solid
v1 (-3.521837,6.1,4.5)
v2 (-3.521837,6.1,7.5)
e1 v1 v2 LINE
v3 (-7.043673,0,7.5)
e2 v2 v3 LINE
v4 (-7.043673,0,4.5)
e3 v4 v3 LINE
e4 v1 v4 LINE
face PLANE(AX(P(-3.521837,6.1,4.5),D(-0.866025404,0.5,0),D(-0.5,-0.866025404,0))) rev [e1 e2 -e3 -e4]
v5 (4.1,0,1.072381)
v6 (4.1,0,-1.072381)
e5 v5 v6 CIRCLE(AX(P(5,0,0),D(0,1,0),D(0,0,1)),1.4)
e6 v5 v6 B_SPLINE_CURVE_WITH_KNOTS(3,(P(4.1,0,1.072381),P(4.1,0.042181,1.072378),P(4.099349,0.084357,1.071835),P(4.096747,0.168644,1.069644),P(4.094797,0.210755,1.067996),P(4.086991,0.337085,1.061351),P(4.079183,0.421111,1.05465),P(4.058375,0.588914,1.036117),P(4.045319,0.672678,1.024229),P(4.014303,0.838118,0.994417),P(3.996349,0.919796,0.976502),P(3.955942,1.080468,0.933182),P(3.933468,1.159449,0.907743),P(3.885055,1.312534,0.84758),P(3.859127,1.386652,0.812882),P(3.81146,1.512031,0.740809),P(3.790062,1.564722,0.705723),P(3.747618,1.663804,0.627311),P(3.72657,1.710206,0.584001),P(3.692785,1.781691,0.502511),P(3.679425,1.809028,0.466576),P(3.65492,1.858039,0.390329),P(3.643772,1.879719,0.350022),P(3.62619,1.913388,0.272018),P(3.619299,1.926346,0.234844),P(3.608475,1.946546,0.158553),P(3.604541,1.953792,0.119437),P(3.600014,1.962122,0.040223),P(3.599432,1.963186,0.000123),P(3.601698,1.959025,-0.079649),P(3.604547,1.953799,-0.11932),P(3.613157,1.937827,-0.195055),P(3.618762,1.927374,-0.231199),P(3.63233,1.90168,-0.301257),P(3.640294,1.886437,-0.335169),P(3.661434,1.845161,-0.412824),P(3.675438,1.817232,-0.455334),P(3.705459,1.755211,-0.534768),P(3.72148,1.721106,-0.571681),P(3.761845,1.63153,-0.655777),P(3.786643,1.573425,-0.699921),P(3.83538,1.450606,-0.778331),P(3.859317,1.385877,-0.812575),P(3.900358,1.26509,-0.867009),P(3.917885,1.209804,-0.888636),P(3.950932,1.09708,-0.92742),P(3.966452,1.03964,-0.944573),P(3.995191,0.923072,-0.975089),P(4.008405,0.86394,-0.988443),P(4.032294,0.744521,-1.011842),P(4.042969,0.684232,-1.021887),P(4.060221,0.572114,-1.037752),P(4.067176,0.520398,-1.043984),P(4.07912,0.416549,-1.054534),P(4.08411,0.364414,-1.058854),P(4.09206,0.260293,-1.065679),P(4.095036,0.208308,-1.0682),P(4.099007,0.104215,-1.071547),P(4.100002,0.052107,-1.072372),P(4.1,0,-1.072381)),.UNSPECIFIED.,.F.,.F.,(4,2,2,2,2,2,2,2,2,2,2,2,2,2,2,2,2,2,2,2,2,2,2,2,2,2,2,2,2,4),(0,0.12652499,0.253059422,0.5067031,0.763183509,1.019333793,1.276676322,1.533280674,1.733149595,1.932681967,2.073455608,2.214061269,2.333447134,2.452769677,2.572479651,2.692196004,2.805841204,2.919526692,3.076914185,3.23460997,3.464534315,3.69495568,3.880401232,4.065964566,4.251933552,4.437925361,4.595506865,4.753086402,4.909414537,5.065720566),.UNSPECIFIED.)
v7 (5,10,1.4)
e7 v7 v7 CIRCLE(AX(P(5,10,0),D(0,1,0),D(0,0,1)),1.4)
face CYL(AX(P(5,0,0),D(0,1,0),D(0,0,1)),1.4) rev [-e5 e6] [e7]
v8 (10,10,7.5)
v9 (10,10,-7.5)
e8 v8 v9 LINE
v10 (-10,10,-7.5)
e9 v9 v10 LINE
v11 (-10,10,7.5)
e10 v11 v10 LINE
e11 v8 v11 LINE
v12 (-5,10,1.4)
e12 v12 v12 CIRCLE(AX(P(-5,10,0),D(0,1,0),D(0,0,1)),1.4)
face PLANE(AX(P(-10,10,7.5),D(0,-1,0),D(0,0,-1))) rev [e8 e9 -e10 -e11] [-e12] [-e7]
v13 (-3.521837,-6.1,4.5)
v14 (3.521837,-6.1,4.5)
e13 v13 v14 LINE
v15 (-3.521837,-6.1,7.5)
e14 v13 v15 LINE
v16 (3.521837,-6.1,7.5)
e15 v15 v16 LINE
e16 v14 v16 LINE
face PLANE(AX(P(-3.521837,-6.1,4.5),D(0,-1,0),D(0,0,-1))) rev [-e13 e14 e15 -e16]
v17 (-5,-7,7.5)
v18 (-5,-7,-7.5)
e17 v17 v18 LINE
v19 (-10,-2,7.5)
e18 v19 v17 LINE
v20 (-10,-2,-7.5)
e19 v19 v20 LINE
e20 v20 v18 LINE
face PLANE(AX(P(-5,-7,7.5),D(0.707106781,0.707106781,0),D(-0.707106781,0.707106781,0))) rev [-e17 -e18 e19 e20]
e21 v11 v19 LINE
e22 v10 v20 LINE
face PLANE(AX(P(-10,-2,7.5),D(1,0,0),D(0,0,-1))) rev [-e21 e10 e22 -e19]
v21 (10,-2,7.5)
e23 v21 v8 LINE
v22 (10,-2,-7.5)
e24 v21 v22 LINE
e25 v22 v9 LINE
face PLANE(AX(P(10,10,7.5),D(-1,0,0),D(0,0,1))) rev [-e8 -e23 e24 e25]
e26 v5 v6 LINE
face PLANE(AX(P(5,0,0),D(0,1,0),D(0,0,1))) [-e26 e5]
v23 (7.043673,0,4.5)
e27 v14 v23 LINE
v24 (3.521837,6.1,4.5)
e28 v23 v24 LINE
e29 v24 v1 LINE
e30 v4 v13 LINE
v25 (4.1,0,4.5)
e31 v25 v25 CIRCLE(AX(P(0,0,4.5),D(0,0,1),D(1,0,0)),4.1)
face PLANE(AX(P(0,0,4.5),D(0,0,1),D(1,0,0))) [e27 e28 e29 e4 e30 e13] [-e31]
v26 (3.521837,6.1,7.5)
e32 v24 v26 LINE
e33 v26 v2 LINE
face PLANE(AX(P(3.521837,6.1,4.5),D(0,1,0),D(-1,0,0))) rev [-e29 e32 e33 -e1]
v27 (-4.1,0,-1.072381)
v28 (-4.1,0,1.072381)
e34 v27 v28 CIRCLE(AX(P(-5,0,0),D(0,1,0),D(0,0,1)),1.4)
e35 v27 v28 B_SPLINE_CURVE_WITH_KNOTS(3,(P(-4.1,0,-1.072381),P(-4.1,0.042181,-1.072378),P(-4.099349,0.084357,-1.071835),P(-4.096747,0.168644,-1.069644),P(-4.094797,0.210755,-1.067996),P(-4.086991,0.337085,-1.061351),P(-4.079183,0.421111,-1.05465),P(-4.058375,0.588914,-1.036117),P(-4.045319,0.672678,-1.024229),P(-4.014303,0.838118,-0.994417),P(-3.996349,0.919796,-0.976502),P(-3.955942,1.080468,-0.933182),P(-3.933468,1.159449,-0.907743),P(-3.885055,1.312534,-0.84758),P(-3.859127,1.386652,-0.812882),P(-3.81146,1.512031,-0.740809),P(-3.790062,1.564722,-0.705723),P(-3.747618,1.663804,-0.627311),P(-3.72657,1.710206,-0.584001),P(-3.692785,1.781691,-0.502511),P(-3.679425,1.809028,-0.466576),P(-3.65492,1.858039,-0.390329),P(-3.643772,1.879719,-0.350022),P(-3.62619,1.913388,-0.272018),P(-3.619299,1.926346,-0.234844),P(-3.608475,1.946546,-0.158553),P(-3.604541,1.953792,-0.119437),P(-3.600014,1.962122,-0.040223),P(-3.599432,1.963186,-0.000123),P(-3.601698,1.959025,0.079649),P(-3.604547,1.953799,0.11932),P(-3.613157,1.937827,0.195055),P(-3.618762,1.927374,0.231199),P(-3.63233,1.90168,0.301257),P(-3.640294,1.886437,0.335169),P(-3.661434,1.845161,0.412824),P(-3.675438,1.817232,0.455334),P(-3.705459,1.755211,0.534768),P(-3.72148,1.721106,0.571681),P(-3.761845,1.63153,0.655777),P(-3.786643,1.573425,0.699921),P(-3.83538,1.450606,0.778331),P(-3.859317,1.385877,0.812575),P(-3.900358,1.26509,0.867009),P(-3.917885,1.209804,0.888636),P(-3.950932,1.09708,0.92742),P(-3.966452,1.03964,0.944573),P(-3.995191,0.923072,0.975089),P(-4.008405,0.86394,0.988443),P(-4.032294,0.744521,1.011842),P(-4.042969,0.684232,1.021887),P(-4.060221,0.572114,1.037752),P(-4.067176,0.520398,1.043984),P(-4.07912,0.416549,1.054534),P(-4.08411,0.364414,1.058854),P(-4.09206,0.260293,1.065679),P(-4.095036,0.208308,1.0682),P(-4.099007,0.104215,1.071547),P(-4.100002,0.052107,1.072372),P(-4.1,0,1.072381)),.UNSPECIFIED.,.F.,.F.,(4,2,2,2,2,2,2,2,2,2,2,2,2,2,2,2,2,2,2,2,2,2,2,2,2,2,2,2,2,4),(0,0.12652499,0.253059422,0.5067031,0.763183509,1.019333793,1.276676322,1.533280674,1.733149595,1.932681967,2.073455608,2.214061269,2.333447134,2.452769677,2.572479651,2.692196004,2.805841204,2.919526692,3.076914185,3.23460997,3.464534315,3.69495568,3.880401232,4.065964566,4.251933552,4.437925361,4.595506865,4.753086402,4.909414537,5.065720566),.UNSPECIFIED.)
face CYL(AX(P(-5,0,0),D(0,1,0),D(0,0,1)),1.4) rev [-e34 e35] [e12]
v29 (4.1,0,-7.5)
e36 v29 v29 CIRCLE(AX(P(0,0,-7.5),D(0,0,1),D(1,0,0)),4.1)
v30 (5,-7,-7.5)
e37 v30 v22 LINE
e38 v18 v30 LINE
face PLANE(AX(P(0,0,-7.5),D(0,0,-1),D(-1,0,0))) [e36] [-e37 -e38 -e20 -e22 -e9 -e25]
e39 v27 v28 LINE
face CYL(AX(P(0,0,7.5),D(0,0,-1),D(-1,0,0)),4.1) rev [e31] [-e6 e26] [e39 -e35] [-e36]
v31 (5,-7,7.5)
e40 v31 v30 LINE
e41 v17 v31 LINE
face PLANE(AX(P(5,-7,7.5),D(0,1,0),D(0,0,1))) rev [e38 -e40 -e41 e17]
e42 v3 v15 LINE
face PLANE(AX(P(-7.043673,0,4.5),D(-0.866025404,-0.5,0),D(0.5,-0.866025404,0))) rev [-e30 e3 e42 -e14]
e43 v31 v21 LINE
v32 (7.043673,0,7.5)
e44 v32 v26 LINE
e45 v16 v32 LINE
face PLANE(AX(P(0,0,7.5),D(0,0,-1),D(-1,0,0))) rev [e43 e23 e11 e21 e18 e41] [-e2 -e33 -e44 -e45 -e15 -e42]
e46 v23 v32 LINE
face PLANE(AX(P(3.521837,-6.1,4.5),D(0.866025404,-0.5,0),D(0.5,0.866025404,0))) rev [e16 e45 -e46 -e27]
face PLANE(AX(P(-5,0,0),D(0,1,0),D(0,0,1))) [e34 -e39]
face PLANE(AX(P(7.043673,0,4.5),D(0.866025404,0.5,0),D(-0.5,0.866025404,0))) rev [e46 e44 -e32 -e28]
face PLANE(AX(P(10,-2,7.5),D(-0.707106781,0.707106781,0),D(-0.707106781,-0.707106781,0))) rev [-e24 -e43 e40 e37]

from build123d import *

# Parameters (mm, degrees)
SKETCH_1_R          = 4.1
EXTRUDE_1_DEPTH     = 7.5
CUT_EXTRUDE_1_DEPTH = 3
SKETCH_3_R          = 1.4
CUT_EXTRUDE_4_DEPTH = 10


with BuildPart() as part:
    # 草图1 → 凸台-拉伸1 (new, symmetric)
    with BuildSketch(Plane.XY):
        Polygon((-10, 10), (10, 10), (10, -2), (5, -7), (-5, -7), (-10, -2), align=None)
        Circle(SKETCH_1_R, mode=Mode.SUBTRACT)
    extrude(amount=EXTRUDE_1_DEPTH, both=True)

    # 草图2 → 切除-拉伸1 (cut)
    with BuildSketch(Plane.XY.offset(7.5)):
        Polygon((7.043673284, 0), (3.521836642, 6.1), (-3.521836642, 6.1), (-7.043673284, 0), (-3.521836642, -6.1), (3.521836642, -6.1), align=None)
    extrude(amount=-CUT_EXTRUDE_1_DEPTH, mode=Mode.SUBTRACT)

    # 草图3 → 切除-拉伸4 (cut)
    with BuildSketch(Plane(origin=(0, 10, 0), x_dir=(1, 0, 0), z_dir=(0, 1, 0))):
        with Locations(Location((5, 0, 0), (0, 0, 270))):
            Circle(SKETCH_3_R)
        with Locations(Location((-5, 0, 0), (0, 0, 270))):
            Circle(SKETCH_3_R)
    extrude(amount=-CUT_EXTRUDE_4_DEPTH, mode=Mode.SUBTRACT)


solid = part.part
